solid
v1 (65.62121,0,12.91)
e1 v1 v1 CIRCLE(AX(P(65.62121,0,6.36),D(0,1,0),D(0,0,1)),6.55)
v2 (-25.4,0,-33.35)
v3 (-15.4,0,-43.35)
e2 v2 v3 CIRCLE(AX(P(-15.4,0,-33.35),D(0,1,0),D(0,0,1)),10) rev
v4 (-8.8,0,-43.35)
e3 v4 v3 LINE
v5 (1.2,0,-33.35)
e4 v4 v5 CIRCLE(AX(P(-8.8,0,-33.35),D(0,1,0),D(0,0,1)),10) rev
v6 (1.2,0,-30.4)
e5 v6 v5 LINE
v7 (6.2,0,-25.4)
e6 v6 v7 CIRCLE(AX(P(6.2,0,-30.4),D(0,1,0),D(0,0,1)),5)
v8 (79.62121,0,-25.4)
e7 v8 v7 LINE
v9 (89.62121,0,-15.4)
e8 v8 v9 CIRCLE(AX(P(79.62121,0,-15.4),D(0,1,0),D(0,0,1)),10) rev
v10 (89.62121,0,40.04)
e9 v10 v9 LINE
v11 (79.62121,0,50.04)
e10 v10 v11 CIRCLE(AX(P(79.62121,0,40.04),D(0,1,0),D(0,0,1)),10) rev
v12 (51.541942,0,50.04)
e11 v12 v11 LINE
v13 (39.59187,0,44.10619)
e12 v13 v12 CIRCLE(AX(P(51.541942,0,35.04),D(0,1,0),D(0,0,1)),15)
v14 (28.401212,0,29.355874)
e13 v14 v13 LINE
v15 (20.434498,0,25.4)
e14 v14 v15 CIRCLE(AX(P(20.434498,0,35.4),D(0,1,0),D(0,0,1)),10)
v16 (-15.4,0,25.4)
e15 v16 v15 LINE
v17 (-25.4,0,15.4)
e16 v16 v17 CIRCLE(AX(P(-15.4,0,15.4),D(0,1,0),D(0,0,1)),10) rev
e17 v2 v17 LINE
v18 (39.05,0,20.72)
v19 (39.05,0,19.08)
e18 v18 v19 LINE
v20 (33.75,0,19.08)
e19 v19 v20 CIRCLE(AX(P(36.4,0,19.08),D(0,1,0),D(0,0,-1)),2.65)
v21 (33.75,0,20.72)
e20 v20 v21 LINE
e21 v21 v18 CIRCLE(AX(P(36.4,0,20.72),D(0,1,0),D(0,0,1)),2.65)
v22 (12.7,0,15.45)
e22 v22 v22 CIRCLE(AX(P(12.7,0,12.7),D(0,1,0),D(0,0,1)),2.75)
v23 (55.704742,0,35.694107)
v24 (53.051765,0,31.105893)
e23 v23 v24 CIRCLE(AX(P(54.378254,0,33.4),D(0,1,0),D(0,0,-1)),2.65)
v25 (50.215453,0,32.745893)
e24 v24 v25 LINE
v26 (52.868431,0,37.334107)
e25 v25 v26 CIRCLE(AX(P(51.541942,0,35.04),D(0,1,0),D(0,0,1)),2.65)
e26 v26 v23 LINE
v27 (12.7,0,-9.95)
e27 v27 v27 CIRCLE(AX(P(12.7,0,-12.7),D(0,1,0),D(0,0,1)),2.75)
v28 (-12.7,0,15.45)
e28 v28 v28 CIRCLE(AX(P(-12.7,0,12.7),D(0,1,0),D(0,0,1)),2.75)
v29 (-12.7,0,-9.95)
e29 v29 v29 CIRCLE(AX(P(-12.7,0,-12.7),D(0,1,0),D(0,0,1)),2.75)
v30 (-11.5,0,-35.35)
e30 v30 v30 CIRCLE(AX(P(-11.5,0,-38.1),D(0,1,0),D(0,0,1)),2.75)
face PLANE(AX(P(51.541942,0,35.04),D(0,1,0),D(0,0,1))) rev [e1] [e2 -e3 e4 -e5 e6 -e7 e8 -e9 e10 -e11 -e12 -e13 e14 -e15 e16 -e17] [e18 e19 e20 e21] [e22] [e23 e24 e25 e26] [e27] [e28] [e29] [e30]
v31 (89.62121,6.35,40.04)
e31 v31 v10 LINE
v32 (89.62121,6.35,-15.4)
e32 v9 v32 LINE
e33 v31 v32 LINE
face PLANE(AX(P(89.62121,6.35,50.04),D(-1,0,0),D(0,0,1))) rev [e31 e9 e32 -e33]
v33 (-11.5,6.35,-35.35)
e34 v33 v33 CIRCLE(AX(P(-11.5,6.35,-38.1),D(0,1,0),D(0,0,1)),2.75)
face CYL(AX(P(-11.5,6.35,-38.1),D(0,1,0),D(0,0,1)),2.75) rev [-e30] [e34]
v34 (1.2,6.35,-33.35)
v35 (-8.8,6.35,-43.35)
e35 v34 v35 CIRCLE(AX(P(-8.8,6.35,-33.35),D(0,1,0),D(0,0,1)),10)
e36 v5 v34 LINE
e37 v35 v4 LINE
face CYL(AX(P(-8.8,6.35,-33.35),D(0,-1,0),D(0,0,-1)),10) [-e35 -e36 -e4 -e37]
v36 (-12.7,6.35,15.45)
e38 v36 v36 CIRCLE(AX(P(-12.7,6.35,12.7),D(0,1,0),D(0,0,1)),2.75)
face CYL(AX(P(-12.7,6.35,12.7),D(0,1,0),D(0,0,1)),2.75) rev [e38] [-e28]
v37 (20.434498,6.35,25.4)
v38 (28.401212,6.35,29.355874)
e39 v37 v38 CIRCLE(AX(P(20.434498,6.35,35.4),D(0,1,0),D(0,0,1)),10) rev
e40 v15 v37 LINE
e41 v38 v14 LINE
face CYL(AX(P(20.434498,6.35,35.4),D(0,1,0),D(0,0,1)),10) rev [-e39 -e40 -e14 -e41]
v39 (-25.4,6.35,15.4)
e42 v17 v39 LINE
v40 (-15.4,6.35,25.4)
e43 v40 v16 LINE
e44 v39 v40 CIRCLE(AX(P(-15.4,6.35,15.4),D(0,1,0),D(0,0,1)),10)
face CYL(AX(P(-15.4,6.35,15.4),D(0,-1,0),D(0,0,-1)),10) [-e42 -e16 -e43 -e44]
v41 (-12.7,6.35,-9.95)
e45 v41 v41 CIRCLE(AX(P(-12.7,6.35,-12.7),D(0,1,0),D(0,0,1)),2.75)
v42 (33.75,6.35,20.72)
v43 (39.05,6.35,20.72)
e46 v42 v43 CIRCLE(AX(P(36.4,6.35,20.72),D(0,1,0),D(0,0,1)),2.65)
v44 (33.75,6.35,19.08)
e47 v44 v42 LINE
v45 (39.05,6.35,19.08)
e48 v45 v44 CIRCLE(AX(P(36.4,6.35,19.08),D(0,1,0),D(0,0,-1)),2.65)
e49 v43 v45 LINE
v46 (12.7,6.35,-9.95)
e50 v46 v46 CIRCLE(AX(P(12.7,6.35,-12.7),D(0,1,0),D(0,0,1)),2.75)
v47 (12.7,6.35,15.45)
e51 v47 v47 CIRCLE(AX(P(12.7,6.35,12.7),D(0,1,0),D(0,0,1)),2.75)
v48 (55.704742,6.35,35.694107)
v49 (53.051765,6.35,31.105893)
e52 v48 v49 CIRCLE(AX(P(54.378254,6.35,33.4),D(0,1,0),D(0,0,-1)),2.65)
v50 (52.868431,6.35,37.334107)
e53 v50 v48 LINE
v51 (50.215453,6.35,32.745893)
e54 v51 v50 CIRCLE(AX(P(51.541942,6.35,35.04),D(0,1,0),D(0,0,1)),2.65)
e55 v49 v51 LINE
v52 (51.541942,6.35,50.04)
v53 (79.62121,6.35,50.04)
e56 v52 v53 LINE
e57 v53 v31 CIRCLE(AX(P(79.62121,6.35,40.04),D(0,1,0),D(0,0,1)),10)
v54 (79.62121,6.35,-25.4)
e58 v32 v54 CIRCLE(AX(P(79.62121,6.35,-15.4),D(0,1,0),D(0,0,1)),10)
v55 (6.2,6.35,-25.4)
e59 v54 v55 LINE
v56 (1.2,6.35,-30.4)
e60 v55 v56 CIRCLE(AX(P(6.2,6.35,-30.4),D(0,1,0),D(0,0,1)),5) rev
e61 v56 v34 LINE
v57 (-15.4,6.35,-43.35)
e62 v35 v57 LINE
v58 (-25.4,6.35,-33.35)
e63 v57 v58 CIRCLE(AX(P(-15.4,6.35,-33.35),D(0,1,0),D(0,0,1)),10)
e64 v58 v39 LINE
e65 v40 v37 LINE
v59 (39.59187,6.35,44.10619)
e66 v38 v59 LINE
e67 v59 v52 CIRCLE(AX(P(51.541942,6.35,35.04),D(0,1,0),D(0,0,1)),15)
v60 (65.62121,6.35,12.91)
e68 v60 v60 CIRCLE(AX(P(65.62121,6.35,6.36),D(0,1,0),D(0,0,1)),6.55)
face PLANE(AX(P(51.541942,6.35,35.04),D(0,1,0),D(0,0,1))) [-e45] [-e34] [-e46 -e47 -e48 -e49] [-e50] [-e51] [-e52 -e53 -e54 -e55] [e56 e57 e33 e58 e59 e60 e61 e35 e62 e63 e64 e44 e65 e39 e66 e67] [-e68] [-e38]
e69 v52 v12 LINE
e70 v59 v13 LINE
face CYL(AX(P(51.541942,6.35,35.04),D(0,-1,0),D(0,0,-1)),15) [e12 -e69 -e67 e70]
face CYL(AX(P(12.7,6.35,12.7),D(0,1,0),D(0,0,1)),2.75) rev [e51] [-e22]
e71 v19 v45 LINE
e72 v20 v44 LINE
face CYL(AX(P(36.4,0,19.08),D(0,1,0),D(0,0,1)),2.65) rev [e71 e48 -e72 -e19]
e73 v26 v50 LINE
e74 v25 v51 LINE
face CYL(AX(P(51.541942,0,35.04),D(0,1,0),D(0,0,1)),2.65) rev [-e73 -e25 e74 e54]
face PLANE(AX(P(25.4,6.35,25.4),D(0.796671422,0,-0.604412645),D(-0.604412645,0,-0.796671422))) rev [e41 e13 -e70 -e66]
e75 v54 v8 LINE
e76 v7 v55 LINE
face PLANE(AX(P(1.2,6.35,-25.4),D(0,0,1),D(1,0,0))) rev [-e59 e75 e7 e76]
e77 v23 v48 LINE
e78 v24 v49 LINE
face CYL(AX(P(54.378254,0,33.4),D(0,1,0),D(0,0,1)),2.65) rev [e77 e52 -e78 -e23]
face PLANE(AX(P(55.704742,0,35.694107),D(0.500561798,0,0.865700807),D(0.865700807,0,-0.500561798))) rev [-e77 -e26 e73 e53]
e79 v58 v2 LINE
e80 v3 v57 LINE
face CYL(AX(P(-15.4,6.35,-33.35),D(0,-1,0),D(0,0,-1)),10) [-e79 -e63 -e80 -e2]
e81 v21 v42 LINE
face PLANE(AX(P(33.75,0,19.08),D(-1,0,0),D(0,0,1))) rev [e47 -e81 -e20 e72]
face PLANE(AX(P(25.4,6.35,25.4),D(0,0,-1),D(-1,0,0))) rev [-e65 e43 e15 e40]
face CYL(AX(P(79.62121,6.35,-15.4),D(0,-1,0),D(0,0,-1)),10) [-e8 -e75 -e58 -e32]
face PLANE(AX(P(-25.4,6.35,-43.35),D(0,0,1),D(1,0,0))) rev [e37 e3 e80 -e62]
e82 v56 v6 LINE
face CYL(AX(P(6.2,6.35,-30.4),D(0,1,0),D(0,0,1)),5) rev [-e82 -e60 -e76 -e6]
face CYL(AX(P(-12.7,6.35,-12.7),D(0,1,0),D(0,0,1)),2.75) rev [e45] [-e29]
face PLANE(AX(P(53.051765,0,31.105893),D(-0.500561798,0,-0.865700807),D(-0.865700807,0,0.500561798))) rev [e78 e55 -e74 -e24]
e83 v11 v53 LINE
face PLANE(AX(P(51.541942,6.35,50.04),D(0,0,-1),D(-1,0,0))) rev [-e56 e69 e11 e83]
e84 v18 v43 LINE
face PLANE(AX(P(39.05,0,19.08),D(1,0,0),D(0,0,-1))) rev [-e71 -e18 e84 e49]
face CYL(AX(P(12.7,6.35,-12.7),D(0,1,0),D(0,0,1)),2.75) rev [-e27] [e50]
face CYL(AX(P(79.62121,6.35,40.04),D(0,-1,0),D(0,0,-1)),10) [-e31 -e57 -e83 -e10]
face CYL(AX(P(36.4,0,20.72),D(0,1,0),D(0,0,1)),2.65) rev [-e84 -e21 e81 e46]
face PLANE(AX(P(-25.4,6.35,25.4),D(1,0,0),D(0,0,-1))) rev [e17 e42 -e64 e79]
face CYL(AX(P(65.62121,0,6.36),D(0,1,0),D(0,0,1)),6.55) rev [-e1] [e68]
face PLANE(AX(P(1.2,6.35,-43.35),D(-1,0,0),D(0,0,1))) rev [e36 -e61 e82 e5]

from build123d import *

# Parameters (mm, degrees)
BOSS_EXTRUDE1_DEPTH  = 6.35
M5_CLEARANCE_HOLE1_D = 5.5
CUT_EXTRUDE2_DEPTH   = 7.35
FILLET1_R            = 10
SKETCH10_R           = 6.55
CUT_EXTRUDE3_DEPTH   = 7.35
FILLET2_R            = 5


with BuildPart() as part:
    # Sketch1 → Boss-Extrude1 (new body)
    with BuildSketch(Plane(origin=(0, 0, 0), x_dir=(1, 0, 0), z_dir=(0, 1, 0))):
        with BuildLine():
            Line((25.4, -25.4), (-25.4, -25.4))
            Line((-25.4, -25.4), (-25.4, 25.4))
            Line((-25.4, 25.4), (-25.4, 43.35))
            Line((-25.4, 43.35), (1.2, 43.35))
            Line((1.2, 43.35), (1.2, 25.4))
            Line((1.2, 25.4), (25.4, 25.4))
            Line((25.4, 25.4), (89.621209859, 25.4))
            Line((89.621209859, 25.4), (89.621209859, -50.04))
            Line((89.621209859, -50.04), (51.541941751, -50.04))
            ThreePointArc((51.541941751, -50.04), (44.870841587, -48.474895705), (39.591870426, -44.10618968))
            Line((39.591870426, -44.10618968), (25.4, -25.4))
        make_face()
    extrude(amount=BOSS_EXTRUDE1_DEPTH)

    # M5 Clearance Hole1 (through all)
    with Locations(Plane(origin=(0, 6.35, 0), x_dir=(1, 0, 0), z_dir=(0, 1, 0))):
        with Locations((-12.7, 12.7), (12.7, 12.7), (12.7, -12.7), (-12.7, -12.7), (-11.5, 38.1)):
            Hole(M5_CLEARANCE_HOLE1_D / 2)

    # Sketch7 → Cut-Extrude2 (cut, through all)
    with BuildSketch(Plane(origin=(0, 6.35, 0), x_dir=(1, 0, 0), z_dir=(0, 1, 0))):
        with BuildLine():
            Line((53.051764766, -31.105892862), (50.215452987, -32.745892862))
            ThreePointArc((50.215452987, -32.745892862), (49.247834614, -36.366488764), (52.868430515, -37.334107138))
            Line((52.868430515, -37.334107138), (55.704742294, -35.694107138))
            ThreePointArc((55.704742294, -35.694107138), (56.672360668, -32.073511236), (53.051764766, -31.105892862))
        make_face()
        with BuildLine():
            Line((33.75, -19.08), (33.75, -20.72))
            ThreePointArc((33.75, -20.72), (36.4, -23.37), (39.05, -20.72))
            Line((39.05, -20.72), (39.05, -19.08))
            ThreePointArc((39.05, -19.08), (36.4, -16.43), (33.75, -19.08))
        make_face()
    extrude(amount=-CUT_EXTRUDE2_DEPTH, mode=Mode.SUBTRACT)

    # Fillet1
    fillet1_edges = [part.edges().sort_by_distance(p)[0] for p in [
        (-25.4, 3.175, -43.35),
        (1.2, 3.175, -43.35),
        (89.621209859, 3.175, -25.4),
        (89.621209859, 3.175, 50.04),
        (25.4, 3.175, 25.4),
        (-25.4, 3.175, 25.4),
    ]]
    fillet(fillet1_edges, radius=FILLET1_R)

    # Sketch10 → Cut-Extrude3 (cut, through all)
    with BuildSketch(Plane(origin=(0, 6.35, 0), x_dir=(1, 0, 0), z_dir=(0, 1, 0))):
        with Locations((65.621209859, -6.36)):
            Circle(SKETCH10_R)
    extrude(amount=-CUT_EXTRUDE3_DEPTH, mode=Mode.SUBTRACT)

    # Fillet2
    fillet2_edges = [part.edges().sort_by_distance(p)[0] for p in [
        (1.2, 3.175, -25.4),
    ]]
    fillet(fillet2_edges, radius=FILLET2_R)


solid = part.part
